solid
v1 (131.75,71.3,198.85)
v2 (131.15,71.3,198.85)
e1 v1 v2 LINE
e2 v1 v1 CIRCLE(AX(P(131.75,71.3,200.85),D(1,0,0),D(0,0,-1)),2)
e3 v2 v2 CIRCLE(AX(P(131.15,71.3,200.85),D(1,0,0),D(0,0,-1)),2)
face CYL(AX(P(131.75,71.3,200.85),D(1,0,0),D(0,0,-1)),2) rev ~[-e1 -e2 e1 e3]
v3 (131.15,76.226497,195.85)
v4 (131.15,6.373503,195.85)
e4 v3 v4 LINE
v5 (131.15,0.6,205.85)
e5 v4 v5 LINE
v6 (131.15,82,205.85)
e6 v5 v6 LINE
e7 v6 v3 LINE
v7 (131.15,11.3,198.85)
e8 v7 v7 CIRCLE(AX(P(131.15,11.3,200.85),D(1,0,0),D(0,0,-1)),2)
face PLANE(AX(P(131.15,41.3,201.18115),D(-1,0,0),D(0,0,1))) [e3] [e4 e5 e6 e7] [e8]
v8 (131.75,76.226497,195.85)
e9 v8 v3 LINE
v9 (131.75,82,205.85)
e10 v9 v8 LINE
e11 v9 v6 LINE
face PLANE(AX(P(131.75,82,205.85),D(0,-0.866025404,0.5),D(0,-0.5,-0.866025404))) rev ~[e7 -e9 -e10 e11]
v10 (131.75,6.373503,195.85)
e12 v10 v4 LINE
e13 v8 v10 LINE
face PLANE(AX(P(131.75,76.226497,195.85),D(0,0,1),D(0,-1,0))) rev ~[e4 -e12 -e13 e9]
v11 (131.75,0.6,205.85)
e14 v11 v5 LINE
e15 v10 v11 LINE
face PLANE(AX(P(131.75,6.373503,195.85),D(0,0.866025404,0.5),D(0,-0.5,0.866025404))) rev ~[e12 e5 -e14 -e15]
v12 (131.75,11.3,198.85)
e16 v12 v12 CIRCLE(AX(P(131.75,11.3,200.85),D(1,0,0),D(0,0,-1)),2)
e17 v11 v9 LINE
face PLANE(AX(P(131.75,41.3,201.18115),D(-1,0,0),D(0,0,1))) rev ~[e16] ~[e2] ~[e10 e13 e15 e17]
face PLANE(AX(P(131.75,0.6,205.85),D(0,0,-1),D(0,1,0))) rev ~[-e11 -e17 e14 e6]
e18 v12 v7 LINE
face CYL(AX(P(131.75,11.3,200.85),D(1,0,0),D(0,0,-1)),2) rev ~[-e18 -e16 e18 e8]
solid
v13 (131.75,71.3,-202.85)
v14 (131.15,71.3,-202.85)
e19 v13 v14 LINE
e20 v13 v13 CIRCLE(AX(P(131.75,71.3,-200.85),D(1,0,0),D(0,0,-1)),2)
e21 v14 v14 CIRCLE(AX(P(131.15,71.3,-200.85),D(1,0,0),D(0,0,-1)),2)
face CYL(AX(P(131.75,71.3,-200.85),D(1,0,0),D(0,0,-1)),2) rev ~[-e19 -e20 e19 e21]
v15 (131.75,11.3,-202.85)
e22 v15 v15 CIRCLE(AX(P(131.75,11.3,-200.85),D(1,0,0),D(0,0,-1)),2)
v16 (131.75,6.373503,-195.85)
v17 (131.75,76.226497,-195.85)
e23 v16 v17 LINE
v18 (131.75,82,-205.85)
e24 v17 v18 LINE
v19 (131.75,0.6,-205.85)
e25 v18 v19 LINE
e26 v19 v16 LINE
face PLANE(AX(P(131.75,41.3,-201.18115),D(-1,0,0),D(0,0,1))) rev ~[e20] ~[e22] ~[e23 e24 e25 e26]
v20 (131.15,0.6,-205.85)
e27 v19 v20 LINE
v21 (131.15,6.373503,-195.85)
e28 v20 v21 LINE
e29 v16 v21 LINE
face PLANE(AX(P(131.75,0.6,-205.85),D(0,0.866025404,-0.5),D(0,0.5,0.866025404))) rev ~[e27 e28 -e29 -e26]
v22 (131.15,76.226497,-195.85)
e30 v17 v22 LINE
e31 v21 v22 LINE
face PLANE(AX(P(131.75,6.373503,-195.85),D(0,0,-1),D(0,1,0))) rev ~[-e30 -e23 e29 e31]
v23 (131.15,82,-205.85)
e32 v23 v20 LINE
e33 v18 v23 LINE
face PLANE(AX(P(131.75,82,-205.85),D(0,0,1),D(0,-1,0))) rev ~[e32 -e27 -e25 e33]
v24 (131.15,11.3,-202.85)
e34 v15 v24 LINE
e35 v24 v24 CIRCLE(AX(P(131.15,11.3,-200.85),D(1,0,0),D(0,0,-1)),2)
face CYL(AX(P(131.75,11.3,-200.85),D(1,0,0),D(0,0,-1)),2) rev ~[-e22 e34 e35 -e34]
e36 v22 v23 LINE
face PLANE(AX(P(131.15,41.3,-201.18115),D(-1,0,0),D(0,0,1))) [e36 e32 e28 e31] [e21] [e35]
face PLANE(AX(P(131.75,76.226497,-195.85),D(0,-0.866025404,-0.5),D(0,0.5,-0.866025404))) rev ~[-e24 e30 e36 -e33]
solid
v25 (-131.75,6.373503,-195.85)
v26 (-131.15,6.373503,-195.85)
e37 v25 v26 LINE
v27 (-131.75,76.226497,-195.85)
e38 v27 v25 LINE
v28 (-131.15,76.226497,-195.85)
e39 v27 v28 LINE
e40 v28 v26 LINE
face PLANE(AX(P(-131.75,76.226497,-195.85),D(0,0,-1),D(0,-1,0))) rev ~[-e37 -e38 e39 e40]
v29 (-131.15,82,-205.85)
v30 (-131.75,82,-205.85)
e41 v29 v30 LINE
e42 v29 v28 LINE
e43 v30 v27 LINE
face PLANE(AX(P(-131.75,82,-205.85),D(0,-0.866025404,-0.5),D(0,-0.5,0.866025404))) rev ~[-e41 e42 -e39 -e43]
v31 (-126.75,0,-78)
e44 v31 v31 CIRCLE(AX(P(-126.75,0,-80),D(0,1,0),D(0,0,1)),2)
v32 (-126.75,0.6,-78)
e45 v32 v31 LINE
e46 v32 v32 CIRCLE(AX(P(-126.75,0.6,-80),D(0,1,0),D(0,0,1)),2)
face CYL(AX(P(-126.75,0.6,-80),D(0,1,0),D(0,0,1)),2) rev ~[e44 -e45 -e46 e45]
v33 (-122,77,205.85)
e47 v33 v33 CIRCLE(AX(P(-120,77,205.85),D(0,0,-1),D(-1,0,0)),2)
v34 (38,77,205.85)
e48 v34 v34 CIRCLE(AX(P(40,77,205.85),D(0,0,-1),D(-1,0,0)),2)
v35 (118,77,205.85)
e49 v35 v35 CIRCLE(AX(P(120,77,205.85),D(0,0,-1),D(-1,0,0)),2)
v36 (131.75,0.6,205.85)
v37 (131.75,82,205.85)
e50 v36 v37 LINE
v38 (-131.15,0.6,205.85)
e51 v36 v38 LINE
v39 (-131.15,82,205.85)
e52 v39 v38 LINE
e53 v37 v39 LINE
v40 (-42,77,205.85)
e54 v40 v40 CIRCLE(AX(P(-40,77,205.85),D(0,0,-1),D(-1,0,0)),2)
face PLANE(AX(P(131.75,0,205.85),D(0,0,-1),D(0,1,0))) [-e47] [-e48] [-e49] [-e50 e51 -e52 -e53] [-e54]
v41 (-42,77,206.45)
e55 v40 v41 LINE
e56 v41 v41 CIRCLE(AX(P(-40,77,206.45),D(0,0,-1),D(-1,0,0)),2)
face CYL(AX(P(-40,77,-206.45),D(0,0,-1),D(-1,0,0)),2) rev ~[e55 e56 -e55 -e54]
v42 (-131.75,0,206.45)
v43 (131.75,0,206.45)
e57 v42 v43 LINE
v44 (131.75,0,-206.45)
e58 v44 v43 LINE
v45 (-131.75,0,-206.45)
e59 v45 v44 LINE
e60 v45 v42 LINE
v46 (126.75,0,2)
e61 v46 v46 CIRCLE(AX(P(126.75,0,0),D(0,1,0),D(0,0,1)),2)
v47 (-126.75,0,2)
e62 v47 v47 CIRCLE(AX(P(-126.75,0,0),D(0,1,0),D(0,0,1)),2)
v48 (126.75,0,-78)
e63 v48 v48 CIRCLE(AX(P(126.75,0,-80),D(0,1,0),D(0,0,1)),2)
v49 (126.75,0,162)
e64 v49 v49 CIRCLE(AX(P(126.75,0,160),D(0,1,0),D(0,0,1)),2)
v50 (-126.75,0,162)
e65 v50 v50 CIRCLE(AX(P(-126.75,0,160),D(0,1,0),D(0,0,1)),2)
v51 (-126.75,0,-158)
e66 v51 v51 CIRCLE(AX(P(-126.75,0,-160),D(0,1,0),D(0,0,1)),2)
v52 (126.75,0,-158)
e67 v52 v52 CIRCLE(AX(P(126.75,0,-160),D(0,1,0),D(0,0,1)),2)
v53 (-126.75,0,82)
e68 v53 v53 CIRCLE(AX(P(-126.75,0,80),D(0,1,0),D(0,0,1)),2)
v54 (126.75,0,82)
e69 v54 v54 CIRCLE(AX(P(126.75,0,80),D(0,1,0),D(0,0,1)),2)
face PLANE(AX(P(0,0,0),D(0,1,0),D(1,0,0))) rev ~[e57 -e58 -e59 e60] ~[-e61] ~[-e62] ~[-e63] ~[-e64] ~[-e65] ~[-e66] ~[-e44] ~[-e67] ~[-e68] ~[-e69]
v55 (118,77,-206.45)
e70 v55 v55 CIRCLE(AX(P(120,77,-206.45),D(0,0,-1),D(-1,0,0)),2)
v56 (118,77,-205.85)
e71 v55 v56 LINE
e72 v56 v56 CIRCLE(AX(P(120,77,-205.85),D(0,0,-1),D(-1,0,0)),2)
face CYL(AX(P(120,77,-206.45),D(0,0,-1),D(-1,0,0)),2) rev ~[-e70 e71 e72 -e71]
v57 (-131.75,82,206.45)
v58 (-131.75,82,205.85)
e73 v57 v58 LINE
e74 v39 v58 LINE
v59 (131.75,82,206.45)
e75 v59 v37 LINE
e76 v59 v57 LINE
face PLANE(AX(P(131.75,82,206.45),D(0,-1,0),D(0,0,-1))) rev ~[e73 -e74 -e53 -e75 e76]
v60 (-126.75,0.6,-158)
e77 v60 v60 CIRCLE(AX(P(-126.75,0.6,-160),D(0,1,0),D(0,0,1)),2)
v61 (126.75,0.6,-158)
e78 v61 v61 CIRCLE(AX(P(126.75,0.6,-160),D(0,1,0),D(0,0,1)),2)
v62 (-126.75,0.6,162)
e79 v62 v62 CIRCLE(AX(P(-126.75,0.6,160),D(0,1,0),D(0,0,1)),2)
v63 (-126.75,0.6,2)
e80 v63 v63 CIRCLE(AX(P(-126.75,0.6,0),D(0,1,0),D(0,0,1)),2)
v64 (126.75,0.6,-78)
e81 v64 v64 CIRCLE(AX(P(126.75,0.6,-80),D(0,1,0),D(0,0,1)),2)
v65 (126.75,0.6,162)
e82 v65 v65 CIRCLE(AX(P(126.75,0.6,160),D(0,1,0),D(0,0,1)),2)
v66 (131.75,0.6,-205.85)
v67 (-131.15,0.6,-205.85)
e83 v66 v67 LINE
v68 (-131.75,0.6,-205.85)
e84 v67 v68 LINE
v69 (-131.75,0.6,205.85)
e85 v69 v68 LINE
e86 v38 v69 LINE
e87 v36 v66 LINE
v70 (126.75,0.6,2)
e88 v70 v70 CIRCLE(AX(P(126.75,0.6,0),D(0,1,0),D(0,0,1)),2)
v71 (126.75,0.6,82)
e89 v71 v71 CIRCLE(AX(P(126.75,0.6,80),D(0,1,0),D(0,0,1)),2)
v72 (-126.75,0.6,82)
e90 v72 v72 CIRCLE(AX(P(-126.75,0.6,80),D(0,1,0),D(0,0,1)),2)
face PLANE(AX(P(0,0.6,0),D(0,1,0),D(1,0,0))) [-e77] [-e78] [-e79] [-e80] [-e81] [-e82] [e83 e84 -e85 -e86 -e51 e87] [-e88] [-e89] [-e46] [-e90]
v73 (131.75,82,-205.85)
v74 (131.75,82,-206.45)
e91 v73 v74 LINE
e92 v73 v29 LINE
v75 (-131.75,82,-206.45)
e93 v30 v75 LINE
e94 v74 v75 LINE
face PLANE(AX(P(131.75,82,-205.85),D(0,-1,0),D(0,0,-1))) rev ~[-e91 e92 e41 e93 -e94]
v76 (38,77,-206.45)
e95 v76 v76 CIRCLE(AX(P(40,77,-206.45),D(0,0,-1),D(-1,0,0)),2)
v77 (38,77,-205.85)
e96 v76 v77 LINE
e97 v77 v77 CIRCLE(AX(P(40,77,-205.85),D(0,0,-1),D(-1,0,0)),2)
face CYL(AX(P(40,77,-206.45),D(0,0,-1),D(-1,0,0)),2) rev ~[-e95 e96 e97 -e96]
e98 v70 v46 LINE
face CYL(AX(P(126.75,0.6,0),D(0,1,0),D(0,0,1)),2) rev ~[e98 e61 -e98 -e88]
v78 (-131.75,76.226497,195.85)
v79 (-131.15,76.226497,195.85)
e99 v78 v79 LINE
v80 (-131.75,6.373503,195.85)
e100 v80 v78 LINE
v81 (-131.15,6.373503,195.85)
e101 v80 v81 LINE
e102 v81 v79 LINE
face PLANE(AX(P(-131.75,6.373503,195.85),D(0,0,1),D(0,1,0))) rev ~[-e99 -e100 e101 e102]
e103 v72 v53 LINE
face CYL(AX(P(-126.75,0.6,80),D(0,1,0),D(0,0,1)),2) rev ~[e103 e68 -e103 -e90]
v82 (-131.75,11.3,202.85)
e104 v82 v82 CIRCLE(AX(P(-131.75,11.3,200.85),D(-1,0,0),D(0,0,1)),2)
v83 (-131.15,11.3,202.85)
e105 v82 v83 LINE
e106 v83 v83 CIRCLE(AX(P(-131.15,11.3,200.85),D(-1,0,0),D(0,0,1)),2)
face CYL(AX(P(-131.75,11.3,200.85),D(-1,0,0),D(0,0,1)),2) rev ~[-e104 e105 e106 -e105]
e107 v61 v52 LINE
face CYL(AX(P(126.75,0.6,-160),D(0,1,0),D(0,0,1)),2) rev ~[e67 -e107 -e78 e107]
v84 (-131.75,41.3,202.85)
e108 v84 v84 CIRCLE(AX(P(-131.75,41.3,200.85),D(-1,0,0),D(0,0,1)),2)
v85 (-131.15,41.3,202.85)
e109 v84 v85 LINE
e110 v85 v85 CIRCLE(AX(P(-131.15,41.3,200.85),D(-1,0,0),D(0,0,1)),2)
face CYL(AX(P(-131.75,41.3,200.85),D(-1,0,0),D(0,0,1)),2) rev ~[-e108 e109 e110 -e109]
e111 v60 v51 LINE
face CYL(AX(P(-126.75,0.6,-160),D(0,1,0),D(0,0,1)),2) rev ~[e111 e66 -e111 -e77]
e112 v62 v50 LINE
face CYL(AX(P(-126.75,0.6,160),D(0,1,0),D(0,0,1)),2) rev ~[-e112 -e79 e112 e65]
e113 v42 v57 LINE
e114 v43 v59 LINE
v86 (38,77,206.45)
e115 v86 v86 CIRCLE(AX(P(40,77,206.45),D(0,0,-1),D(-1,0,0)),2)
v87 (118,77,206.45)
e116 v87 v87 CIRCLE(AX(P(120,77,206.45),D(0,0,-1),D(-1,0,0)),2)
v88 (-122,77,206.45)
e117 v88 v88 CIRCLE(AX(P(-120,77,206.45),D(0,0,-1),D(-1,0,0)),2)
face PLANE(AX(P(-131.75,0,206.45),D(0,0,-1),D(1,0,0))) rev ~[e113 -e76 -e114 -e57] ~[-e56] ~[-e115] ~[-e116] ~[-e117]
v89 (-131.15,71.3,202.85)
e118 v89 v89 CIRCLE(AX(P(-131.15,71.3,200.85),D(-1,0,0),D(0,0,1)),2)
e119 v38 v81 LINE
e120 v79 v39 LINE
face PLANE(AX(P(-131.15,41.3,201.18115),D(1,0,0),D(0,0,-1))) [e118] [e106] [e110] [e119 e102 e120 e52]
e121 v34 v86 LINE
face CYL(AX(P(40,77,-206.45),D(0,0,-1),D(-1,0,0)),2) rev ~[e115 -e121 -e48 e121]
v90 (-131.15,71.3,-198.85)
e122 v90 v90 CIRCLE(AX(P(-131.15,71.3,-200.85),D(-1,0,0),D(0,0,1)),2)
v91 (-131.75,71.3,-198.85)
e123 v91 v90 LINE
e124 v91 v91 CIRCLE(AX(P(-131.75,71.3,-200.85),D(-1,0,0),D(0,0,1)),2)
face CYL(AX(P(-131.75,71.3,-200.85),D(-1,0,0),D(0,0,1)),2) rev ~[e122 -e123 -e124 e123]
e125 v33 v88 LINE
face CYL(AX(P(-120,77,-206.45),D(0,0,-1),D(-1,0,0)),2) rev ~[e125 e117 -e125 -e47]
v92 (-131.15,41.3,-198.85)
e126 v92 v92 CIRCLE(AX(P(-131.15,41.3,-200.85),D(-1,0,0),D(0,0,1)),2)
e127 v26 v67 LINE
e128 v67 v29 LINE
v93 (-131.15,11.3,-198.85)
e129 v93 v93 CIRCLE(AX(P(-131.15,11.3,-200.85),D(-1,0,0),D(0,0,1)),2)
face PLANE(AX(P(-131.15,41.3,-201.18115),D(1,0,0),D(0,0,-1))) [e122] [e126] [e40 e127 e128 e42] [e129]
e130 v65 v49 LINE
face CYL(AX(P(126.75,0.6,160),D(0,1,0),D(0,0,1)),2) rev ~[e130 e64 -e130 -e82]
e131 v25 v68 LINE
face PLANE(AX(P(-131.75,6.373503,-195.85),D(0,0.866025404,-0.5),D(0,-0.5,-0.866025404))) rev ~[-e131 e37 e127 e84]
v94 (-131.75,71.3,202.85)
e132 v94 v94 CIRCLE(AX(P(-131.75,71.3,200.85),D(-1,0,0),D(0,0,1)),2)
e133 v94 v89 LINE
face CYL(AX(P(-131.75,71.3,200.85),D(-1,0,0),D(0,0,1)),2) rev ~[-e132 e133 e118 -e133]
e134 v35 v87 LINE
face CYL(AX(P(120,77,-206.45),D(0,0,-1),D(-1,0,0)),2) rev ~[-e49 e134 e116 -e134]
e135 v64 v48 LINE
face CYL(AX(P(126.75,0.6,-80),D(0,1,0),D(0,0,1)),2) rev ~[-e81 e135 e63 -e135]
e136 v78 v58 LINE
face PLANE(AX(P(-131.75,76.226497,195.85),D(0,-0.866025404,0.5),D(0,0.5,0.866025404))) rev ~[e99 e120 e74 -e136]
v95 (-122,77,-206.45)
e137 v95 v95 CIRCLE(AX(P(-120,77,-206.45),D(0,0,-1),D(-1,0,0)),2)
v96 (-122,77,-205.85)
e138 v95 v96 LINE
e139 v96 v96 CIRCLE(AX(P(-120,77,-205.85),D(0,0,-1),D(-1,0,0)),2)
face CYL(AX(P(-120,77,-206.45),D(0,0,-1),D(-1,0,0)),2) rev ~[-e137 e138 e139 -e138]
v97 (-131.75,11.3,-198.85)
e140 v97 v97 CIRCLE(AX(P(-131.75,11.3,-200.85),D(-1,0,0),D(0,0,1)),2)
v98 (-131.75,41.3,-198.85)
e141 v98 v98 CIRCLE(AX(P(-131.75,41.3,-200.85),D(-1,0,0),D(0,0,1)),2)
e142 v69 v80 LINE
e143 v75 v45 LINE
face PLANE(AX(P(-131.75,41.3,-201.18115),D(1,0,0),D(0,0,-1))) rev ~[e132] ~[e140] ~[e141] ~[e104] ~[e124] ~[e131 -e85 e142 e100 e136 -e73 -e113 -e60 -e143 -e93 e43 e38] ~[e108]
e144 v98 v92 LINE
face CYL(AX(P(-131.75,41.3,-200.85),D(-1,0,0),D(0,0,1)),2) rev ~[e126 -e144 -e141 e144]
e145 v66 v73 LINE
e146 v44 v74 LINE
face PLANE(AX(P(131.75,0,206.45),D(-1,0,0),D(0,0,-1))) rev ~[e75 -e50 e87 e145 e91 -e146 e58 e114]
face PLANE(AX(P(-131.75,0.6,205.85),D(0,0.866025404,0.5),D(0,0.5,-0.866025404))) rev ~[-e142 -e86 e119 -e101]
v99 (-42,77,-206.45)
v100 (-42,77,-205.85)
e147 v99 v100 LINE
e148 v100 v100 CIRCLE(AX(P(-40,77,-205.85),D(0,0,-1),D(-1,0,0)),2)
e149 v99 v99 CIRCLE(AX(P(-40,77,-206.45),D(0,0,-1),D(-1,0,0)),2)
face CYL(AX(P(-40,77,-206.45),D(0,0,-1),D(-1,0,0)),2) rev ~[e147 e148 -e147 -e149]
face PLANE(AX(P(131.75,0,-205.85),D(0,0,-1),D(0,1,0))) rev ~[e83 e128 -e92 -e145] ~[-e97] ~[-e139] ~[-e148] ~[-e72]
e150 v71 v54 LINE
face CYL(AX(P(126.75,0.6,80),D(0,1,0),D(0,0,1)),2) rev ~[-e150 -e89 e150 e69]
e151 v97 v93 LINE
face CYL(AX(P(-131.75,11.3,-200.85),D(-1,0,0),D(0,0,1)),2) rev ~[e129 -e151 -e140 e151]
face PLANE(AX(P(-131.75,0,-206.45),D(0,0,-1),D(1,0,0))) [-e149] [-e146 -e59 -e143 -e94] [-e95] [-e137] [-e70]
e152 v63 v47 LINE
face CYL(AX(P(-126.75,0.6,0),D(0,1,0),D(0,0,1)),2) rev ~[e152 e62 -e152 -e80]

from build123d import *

# Parameters (mm, degrees)
SKETCH_1_W          = 263.5
SKETCH_1_H          = 412.9
EXTRUDE_1_DEPTH     = 0.6
SKETCH_2_W          = 0.6
SKETCH_2_H          = 82
EXTRUDE_2_DEPTH     = 263.5
SKETCH_3_R          = 2
EXTRUDE_3_DEPTH     = 0.6
SKETCH_4_R          = 2
EXTRUDE_4_DEPTH     = 0.6
EXTRUDE_4_2_DEPTH   = 0.6
SKETCH_6_R          = 2
CUT_EXTRUDE_1_DEPTH = 259.080655997
CUT_EXTRUDE_2_REACH = 443.099
SKETCH_7_R          = 2


with BuildPart() as part:
    # Эскиз1 → Бобышка-Вытянуть1 (new body)
    with BuildSketch(Plane(origin=(0, 0, 0), x_dir=(1, 0, 0), z_dir=(0, 1, 0))):
        Rectangle(SKETCH_1_W, SKETCH_1_H)
    extrude(amount=EXTRUDE_1_DEPTH)

    # Эскиз2 → Бобышка-Вытянуть2 (add)
    with BuildSketch(Plane(origin=(131.75, 0, 0), x_dir=(0, 0, -1), z_dir=(1, 0, 0))):
        with Locations((-206.15, 41)):
            Rectangle(SKETCH_2_W, SKETCH_2_H)
        with Locations((206.15, 41)):
            Rectangle(SKETCH_2_W, SKETCH_2_H)
    extrude(amount=-EXTRUDE_2_DEPTH)

    # Эскиз3 → Бобышка-Вытянуть3 (add)
    # profile 1 of 2: a face of its own
    with BuildSketch(Plane.ZY.offset(131.75)):
        Polygon((-205.85, 82), (-195.85, 76.226497308), (-195.85, 6.373502692), (-205.85, 0.6), align=None)
        with Locations((-200.85, 71.3)):
            Circle(SKETCH_3_R, mode=Mode.SUBTRACT)
        with Locations((-200.85, 41.3)):
            Circle(SKETCH_3_R, mode=Mode.SUBTRACT)
        with Locations((-200.85, 11.3)):
            Circle(SKETCH_3_R, mode=Mode.SUBTRACT)
    # profile 2 of 2: a face of its own
    with BuildSketch(Plane.ZY.offset(131.75)):
        Polygon((205.85, 0.6), (195.85, 6.373502692), (195.85, 76.226497308), (205.85, 82), align=None)
        with Locations((200.85, 71.3)):
            Circle(SKETCH_3_R, mode=Mode.SUBTRACT)
        with Locations((200.85, 41.3)):
            Circle(SKETCH_3_R, mode=Mode.SUBTRACT)
        with Locations((200.85, 11.3)):
            Circle(SKETCH_3_R, mode=Mode.SUBTRACT)
    extrude(amount=-EXTRUDE_3_DEPTH)

    # Эскиз6 → Вырез-Вытянуть1 (cut, through all)
    with BuildSketch(Plane(origin=(0, 0.6, 0), x_dir=(1, 0, 0), z_dir=(0, 1, 0))):
        with Locations(Location((-126.75, -160, 0), (0, 0, 270))):
            Circle(SKETCH_6_R)
        with Locations(Location((-126.75, -80, 0), (0, 0, 270))):
            Circle(SKETCH_6_R)
        with Locations(Location((-126.75, 0, 0), (0, 0, 270))):
            Circle(SKETCH_6_R)
        with Locations(Location((-126.75, 80, 0), (0, 0, 270))):
            Circle(SKETCH_6_R)
        with Locations(Location((-126.75, 160, 0), (0, 0, 270))):
            Circle(SKETCH_6_R)
        with Locations(Location((126.75, -160, 0), (0, 0, 270))):
            Circle(SKETCH_6_R)
        with Locations(Location((126.75, -80, 0), (0, 0, 270))):
            Circle(SKETCH_6_R)
        with Locations(Location((126.75, 0, 0), (0, 0, 270))):
            Circle(SKETCH_6_R)
        with Locations(Location((126.75, 80, 0), (0, 0, 270))):
            Circle(SKETCH_6_R)
        with Locations(Location((126.75, 160, 0), (0, 0, 270))):
            Circle(SKETCH_6_R)
    extrude(amount=-CUT_EXTRUDE_1_DEPTH, mode=Mode.SUBTRACT)

    # Вырез-Вытянуть2: up to this face of the body (flat: up to its plane)
    cut_extrude_2_end = Plane(part.part.faces().sort_by_distance((0, 41, 206.45))[0])
    # Эскиз7 → Вырез-Вытянуть2 (cut, up to the picked face)
    with BuildSketch(Plane(origin=(0, 0, -206.45), x_dir=(-1, 0, 0), z_dir=(0, 0, -1)), mode=Mode.PRIVATE) as cut_extrude_2_sk1:
        with Locations((-120, 77)):
            Circle(SKETCH_7_R)
    cut_extrude_2_tool1 = split(extrude(cut_extrude_2_sk1.sketch, amount=-CUT_EXTRUDE_2_REACH, mode=Mode.PRIVATE), bisect_by=cut_extrude_2_end, keep=Keep.BOTH, mode=Mode.PRIVATE)
    # Эскиз7 → Вырез-Вытянуть2 (cut, up to the picked face)
    with BuildSketch(Plane(origin=(0, 0, -206.45), x_dir=(-1, 0, 0), z_dir=(0, 0, -1)), mode=Mode.PRIVATE) as cut_extrude_2_sk2:
        with Locations((-40, 77)):
            Circle(SKETCH_7_R)
    cut_extrude_2_tool2 = split(extrude(cut_extrude_2_sk2.sketch, amount=-CUT_EXTRUDE_2_REACH, mode=Mode.PRIVATE), bisect_by=cut_extrude_2_end, keep=Keep.BOTH, mode=Mode.PRIVATE)
    # Эскиз7 → Вырез-Вытянуть2 (cut, up to the picked face)
    with BuildSketch(Plane(origin=(0, 0, -206.45), x_dir=(-1, 0, 0), z_dir=(0, 0, -1)), mode=Mode.PRIVATE) as cut_extrude_2_sk3:
        with Locations((40, 77)):
            Circle(SKETCH_7_R)
    cut_extrude_2_tool3 = split(extrude(cut_extrude_2_sk3.sketch, amount=-CUT_EXTRUDE_2_REACH, mode=Mode.PRIVATE), bisect_by=cut_extrude_2_end, keep=Keep.BOTH, mode=Mode.PRIVATE)
    # Эскиз7 → Вырез-Вытянуть2 (cut, up to the picked face)
    with BuildSketch(Plane(origin=(0, 0, -206.45), x_dir=(-1, 0, 0), z_dir=(0, 0, -1)), mode=Mode.PRIVATE) as cut_extrude_2_sk4:
        with Locations((120, 77)):
            Circle(SKETCH_7_R)
    cut_extrude_2_tool4 = split(extrude(cut_extrude_2_sk4.sketch, amount=-CUT_EXTRUDE_2_REACH, mode=Mode.PRIVATE), bisect_by=cut_extrude_2_end, keep=Keep.BOTH, mode=Mode.PRIVATE)
    add(cut_extrude_2_tool1.solids().sort_by(Axis((120, 77, -206.45), (0, 0, 1)))[0], mode=Mode.SUBTRACT)
    add(cut_extrude_2_tool2.solids().sort_by(Axis((40, 77, -206.45), (0, 0, 1)))[0], mode=Mode.SUBTRACT)
    add(cut_extrude_2_tool3.solids().sort_by(Axis((-40, 77, -206.45), (0, 0, 1)))[0], mode=Mode.SUBTRACT)
    add(cut_extrude_2_tool4.solids().sort_by(Axis((-120, 77, -206.45), (0, 0, 1)))[0], mode=Mode.SUBTRACT)


with BuildPart() as body_2:
    # Эскиз4 → Бобышка-Вытянуть4 (new body)
    with BuildSketch(Plane(origin=(131.75, 0, 0), x_dir=(0, 0, -1), z_dir=(1, 0, 0))):
        Polygon((205.85, 0.6), (195.85, 6.373502692), (195.85, 76.226497308), (205.85, 82), align=None)
        with Locations((200.85, 11.3)):
            Circle(SKETCH_4_R, mode=Mode.SUBTRACT)
        with Locations((200.85, 71.3)):
            Circle(SKETCH_4_R, mode=Mode.SUBTRACT)
    extrude(amount=-EXTRUDE_4_DEPTH)


with BuildPart() as body_3:
    # Эскиз4 → Extrude 4 2 (new body)
    with BuildSketch(Plane(origin=(131.75, 0, 0), x_dir=(0, 0, -1), z_dir=(1, 0, 0))):
        Polygon((-195.85, 6.373502692), (-205.85, 0.6), (-205.85, 82), (-195.85, 76.226497308), align=None)
        with Locations((-200.85, 11.3)):
            Circle(SKETCH_4_R, mode=Mode.SUBTRACT)
        with Locations((-200.85, 71.3)):
            Circle(SKETCH_4_R, mode=Mode.SUBTRACT)
    extrude(amount=-EXTRUDE_4_2_DEPTH)


solid = Compound([part.part, body_2.part, body_3.part])
